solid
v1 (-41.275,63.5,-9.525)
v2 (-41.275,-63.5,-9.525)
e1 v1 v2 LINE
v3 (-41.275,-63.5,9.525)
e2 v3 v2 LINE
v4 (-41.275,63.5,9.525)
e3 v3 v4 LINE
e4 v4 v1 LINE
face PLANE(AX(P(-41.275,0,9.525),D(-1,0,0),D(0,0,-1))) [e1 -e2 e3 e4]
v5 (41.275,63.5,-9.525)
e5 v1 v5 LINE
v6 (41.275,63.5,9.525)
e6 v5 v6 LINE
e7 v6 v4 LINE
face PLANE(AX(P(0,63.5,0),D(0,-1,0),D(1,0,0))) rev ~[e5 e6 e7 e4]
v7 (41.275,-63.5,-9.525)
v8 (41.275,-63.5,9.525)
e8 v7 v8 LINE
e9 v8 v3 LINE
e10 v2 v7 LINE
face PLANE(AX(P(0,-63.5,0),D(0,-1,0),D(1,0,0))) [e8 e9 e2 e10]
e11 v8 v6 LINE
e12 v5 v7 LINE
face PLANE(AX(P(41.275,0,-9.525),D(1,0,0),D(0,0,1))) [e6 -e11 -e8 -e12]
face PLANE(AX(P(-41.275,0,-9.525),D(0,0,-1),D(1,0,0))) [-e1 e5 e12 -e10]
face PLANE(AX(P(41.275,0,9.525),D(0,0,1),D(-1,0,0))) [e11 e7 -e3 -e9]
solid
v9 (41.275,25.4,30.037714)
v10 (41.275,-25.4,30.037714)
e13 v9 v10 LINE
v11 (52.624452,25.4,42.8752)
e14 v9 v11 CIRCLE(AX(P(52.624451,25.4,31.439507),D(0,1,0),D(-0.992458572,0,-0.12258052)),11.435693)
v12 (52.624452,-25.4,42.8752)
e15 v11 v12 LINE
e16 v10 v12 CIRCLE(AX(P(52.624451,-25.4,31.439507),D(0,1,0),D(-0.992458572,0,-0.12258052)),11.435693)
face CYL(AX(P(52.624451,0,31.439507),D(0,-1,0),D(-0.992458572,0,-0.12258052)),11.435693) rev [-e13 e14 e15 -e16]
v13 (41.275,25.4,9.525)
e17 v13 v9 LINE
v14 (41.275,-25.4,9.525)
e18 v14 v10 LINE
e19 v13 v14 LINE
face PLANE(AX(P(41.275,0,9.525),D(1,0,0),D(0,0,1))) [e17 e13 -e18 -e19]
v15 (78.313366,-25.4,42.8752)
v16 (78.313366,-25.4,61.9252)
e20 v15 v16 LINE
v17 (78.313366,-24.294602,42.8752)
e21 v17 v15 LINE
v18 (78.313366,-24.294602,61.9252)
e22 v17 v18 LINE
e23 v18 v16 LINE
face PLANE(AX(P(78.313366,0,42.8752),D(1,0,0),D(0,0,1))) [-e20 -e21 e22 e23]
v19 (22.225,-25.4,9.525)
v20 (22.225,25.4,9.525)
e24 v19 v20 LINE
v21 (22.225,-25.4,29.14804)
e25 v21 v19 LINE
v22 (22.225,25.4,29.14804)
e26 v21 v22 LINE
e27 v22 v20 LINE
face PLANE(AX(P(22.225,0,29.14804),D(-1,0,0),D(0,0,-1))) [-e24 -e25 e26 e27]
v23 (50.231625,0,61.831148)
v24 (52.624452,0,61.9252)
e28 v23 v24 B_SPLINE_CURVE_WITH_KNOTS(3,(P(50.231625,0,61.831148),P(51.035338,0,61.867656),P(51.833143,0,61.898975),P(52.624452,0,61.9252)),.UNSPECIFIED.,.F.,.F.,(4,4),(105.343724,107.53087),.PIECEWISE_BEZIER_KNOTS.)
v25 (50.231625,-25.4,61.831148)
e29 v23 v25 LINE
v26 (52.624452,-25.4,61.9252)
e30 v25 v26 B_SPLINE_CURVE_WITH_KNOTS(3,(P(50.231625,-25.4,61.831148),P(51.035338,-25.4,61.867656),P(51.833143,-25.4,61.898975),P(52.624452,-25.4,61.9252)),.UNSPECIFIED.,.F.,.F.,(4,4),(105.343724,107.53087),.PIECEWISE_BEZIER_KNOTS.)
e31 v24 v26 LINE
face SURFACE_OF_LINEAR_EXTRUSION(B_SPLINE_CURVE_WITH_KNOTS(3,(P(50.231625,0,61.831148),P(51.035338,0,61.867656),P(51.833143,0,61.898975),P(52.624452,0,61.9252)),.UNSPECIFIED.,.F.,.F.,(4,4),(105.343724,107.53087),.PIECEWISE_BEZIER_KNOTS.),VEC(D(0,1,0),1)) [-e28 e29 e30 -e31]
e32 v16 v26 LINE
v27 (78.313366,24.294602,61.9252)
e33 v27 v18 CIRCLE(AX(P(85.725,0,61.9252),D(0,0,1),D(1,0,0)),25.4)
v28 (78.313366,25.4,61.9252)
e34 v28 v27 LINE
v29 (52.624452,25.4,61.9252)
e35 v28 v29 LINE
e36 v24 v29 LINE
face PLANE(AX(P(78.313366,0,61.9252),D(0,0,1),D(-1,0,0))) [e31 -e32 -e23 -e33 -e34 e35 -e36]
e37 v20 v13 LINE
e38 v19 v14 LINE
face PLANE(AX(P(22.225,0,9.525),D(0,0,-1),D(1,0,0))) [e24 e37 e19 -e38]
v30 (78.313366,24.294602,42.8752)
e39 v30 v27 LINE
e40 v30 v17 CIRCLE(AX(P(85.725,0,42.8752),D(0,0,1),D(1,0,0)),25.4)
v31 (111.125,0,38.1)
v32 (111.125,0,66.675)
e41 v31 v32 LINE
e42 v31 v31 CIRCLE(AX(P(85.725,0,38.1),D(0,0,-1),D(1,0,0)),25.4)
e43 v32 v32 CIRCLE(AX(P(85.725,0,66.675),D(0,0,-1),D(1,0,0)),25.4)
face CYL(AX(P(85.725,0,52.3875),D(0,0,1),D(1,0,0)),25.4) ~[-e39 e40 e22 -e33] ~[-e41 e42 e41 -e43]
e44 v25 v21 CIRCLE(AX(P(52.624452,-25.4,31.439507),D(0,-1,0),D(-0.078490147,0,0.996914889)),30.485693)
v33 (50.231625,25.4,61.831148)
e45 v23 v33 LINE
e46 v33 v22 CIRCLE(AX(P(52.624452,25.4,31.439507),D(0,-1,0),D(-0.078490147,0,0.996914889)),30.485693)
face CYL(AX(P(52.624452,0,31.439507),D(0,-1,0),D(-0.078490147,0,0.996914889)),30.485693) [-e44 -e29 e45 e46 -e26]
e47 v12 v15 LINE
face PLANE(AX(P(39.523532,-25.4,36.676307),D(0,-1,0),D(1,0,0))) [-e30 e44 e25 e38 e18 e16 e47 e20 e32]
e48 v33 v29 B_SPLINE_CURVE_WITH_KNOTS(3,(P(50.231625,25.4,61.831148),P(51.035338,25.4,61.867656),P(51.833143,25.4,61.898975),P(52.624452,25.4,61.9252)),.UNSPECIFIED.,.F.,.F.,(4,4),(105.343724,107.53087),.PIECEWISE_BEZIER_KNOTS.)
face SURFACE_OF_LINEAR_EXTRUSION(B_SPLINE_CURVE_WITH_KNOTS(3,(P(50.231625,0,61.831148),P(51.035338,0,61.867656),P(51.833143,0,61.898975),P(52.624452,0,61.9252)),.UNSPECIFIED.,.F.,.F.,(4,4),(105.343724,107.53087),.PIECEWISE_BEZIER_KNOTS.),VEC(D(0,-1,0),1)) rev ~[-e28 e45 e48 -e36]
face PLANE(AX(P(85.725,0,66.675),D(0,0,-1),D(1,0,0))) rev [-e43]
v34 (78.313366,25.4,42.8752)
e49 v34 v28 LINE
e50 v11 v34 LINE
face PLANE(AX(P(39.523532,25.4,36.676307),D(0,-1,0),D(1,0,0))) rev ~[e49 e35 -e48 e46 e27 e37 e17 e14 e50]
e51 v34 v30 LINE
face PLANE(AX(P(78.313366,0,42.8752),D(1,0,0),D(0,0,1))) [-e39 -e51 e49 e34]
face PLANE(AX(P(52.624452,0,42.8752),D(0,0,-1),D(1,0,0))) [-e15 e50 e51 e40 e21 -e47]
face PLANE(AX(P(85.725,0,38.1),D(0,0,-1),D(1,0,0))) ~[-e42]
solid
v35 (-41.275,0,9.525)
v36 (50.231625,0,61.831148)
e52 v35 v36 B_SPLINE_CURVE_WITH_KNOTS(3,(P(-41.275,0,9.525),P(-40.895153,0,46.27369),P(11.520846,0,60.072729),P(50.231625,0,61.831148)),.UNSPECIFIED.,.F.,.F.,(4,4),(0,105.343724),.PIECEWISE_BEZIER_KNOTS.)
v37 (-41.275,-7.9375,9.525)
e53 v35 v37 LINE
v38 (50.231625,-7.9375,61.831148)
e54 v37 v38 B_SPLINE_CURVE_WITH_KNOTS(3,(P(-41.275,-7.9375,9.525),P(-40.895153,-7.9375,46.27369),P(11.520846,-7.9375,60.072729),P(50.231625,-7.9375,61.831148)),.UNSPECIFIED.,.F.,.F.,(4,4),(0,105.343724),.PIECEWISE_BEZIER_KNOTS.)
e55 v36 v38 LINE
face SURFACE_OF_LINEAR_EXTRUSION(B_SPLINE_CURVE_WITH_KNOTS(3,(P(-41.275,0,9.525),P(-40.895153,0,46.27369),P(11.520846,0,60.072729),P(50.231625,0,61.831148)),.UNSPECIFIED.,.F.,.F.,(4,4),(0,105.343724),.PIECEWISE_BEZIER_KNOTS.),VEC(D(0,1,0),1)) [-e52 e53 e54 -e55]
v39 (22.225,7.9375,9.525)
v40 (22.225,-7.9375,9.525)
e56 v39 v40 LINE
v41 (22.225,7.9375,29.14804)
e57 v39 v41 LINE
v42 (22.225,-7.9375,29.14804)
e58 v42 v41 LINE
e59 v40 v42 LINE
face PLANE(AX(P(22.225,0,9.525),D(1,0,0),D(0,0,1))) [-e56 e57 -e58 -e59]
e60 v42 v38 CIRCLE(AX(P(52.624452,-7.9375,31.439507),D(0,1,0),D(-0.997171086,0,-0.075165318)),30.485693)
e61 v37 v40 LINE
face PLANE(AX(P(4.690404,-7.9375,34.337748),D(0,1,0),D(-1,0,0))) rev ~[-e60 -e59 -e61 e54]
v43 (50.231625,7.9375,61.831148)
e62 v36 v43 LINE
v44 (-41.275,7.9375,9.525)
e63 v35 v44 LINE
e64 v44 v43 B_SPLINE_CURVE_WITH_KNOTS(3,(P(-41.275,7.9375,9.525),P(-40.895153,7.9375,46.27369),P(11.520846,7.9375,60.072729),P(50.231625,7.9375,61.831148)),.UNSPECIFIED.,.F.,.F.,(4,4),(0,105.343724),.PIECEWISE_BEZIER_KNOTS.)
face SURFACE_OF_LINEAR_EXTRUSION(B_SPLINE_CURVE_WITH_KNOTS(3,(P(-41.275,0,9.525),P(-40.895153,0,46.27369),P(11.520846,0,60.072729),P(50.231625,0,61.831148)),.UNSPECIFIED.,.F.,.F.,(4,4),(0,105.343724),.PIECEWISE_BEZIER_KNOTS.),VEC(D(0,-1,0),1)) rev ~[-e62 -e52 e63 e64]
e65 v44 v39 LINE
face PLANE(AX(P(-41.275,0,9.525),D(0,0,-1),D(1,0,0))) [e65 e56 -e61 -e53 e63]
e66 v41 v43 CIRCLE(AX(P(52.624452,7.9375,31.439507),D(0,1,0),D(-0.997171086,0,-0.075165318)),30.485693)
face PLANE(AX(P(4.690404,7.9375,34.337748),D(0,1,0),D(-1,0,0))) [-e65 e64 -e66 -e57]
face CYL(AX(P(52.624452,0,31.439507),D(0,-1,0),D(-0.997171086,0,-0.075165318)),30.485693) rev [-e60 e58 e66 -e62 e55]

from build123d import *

# Parameters (mm, degrees)
F1_DEPTH = 63.5
F0_W     = 17.988366
F0_H     = 19.05
F2_DEPTH = 25.4
F3_DEPTH = 7.9375
F0_W_2   = 25.4
F0_H_2   = 28.575


with BuildPart() as f1:
    # F0 (on Front) → F1 (new body, symmetric)
    with BuildSketch(Plane.XZ):
        Polygon((-41.275, 9.525), (-41.275, -9.525), (41.275, -9.525), (41.275, 9.525), (22.225, 9.525), align=None)
    extrude(amount=F1_DEPTH, both=True)


with BuildPart() as f2:
    # F0 (on Front) → F2 (new body, symmetric)
    with BuildSketch(Plane.XZ):
        with BuildLine():
            Line((22.225, 9.525), (41.275, 9.525))
            Line((41.275, 9.525), (41.275, 30.037714))
            ThreePointArc((41.275, 30.037714), (44.05691, 39.013958), (52.624452, 42.8752))
            Line((52.624452, 42.8752), (60.325, 42.8752))
            Line((60.325, 42.8752), (60.325, 61.9252))
            Line((60.325, 61.9252), (52.624452, 61.9252))
            add(Edge.make_bspline(
                [(50.231625, 61.831148), (51.035338, 61.867656), (51.833143, 61.898975), (52.624452, 61.9252)],
                knots=[105.343724, 105.343724, 105.343724, 105.343724, 107.53087, 107.53087, 107.53087, 107.53087], degree=3))
            ThreePointArc((50.231625, 61.831148), (29.475375, 51.276284), (22.225, 29.14804))
            Line((22.225, 29.14804), (22.225, 9.525))
        make_face()
        with Locations((69.319183, 52.4002)):
            Rectangle(F0_W, F0_H)
    extrude(amount=F2_DEPTH, both=True)

    # F0 (on Front) → F4 (revolve)
    with BuildSketch(Plane.XZ):
        with Locations((98.425, 52.3875)):
            Rectangle(F0_W_2, F0_H_2)
    revolve(axis=Axis((85.725, 0, 52.3875), (0, 0, -1)))


with BuildPart() as f3:
    # F0 (on Front) → F3 (new body, symmetric)
    with BuildSketch(Plane.XZ):
        with BuildLine():
            add(Edge.make_bspline(
                [(-41.275, 9.525), (-40.895153, 46.27369), (11.520846, 60.072729), (50.231625, 61.831148)],
                knots=[0, 0, 0, 0, 105.343724, 105.343724, 105.343724, 105.343724], degree=3))
            Line((-41.275, 9.525), (22.225, 9.525))
            Line((22.225, 9.525), (22.225, 29.14804))
            ThreePointArc((22.225, 29.14804), (29.475375, 51.276284), (50.231625, 61.831148))
        make_face()
    extrude(amount=F3_DEPTH, both=True)


solid = Compound([f1.part, f2.part, f3.part])
